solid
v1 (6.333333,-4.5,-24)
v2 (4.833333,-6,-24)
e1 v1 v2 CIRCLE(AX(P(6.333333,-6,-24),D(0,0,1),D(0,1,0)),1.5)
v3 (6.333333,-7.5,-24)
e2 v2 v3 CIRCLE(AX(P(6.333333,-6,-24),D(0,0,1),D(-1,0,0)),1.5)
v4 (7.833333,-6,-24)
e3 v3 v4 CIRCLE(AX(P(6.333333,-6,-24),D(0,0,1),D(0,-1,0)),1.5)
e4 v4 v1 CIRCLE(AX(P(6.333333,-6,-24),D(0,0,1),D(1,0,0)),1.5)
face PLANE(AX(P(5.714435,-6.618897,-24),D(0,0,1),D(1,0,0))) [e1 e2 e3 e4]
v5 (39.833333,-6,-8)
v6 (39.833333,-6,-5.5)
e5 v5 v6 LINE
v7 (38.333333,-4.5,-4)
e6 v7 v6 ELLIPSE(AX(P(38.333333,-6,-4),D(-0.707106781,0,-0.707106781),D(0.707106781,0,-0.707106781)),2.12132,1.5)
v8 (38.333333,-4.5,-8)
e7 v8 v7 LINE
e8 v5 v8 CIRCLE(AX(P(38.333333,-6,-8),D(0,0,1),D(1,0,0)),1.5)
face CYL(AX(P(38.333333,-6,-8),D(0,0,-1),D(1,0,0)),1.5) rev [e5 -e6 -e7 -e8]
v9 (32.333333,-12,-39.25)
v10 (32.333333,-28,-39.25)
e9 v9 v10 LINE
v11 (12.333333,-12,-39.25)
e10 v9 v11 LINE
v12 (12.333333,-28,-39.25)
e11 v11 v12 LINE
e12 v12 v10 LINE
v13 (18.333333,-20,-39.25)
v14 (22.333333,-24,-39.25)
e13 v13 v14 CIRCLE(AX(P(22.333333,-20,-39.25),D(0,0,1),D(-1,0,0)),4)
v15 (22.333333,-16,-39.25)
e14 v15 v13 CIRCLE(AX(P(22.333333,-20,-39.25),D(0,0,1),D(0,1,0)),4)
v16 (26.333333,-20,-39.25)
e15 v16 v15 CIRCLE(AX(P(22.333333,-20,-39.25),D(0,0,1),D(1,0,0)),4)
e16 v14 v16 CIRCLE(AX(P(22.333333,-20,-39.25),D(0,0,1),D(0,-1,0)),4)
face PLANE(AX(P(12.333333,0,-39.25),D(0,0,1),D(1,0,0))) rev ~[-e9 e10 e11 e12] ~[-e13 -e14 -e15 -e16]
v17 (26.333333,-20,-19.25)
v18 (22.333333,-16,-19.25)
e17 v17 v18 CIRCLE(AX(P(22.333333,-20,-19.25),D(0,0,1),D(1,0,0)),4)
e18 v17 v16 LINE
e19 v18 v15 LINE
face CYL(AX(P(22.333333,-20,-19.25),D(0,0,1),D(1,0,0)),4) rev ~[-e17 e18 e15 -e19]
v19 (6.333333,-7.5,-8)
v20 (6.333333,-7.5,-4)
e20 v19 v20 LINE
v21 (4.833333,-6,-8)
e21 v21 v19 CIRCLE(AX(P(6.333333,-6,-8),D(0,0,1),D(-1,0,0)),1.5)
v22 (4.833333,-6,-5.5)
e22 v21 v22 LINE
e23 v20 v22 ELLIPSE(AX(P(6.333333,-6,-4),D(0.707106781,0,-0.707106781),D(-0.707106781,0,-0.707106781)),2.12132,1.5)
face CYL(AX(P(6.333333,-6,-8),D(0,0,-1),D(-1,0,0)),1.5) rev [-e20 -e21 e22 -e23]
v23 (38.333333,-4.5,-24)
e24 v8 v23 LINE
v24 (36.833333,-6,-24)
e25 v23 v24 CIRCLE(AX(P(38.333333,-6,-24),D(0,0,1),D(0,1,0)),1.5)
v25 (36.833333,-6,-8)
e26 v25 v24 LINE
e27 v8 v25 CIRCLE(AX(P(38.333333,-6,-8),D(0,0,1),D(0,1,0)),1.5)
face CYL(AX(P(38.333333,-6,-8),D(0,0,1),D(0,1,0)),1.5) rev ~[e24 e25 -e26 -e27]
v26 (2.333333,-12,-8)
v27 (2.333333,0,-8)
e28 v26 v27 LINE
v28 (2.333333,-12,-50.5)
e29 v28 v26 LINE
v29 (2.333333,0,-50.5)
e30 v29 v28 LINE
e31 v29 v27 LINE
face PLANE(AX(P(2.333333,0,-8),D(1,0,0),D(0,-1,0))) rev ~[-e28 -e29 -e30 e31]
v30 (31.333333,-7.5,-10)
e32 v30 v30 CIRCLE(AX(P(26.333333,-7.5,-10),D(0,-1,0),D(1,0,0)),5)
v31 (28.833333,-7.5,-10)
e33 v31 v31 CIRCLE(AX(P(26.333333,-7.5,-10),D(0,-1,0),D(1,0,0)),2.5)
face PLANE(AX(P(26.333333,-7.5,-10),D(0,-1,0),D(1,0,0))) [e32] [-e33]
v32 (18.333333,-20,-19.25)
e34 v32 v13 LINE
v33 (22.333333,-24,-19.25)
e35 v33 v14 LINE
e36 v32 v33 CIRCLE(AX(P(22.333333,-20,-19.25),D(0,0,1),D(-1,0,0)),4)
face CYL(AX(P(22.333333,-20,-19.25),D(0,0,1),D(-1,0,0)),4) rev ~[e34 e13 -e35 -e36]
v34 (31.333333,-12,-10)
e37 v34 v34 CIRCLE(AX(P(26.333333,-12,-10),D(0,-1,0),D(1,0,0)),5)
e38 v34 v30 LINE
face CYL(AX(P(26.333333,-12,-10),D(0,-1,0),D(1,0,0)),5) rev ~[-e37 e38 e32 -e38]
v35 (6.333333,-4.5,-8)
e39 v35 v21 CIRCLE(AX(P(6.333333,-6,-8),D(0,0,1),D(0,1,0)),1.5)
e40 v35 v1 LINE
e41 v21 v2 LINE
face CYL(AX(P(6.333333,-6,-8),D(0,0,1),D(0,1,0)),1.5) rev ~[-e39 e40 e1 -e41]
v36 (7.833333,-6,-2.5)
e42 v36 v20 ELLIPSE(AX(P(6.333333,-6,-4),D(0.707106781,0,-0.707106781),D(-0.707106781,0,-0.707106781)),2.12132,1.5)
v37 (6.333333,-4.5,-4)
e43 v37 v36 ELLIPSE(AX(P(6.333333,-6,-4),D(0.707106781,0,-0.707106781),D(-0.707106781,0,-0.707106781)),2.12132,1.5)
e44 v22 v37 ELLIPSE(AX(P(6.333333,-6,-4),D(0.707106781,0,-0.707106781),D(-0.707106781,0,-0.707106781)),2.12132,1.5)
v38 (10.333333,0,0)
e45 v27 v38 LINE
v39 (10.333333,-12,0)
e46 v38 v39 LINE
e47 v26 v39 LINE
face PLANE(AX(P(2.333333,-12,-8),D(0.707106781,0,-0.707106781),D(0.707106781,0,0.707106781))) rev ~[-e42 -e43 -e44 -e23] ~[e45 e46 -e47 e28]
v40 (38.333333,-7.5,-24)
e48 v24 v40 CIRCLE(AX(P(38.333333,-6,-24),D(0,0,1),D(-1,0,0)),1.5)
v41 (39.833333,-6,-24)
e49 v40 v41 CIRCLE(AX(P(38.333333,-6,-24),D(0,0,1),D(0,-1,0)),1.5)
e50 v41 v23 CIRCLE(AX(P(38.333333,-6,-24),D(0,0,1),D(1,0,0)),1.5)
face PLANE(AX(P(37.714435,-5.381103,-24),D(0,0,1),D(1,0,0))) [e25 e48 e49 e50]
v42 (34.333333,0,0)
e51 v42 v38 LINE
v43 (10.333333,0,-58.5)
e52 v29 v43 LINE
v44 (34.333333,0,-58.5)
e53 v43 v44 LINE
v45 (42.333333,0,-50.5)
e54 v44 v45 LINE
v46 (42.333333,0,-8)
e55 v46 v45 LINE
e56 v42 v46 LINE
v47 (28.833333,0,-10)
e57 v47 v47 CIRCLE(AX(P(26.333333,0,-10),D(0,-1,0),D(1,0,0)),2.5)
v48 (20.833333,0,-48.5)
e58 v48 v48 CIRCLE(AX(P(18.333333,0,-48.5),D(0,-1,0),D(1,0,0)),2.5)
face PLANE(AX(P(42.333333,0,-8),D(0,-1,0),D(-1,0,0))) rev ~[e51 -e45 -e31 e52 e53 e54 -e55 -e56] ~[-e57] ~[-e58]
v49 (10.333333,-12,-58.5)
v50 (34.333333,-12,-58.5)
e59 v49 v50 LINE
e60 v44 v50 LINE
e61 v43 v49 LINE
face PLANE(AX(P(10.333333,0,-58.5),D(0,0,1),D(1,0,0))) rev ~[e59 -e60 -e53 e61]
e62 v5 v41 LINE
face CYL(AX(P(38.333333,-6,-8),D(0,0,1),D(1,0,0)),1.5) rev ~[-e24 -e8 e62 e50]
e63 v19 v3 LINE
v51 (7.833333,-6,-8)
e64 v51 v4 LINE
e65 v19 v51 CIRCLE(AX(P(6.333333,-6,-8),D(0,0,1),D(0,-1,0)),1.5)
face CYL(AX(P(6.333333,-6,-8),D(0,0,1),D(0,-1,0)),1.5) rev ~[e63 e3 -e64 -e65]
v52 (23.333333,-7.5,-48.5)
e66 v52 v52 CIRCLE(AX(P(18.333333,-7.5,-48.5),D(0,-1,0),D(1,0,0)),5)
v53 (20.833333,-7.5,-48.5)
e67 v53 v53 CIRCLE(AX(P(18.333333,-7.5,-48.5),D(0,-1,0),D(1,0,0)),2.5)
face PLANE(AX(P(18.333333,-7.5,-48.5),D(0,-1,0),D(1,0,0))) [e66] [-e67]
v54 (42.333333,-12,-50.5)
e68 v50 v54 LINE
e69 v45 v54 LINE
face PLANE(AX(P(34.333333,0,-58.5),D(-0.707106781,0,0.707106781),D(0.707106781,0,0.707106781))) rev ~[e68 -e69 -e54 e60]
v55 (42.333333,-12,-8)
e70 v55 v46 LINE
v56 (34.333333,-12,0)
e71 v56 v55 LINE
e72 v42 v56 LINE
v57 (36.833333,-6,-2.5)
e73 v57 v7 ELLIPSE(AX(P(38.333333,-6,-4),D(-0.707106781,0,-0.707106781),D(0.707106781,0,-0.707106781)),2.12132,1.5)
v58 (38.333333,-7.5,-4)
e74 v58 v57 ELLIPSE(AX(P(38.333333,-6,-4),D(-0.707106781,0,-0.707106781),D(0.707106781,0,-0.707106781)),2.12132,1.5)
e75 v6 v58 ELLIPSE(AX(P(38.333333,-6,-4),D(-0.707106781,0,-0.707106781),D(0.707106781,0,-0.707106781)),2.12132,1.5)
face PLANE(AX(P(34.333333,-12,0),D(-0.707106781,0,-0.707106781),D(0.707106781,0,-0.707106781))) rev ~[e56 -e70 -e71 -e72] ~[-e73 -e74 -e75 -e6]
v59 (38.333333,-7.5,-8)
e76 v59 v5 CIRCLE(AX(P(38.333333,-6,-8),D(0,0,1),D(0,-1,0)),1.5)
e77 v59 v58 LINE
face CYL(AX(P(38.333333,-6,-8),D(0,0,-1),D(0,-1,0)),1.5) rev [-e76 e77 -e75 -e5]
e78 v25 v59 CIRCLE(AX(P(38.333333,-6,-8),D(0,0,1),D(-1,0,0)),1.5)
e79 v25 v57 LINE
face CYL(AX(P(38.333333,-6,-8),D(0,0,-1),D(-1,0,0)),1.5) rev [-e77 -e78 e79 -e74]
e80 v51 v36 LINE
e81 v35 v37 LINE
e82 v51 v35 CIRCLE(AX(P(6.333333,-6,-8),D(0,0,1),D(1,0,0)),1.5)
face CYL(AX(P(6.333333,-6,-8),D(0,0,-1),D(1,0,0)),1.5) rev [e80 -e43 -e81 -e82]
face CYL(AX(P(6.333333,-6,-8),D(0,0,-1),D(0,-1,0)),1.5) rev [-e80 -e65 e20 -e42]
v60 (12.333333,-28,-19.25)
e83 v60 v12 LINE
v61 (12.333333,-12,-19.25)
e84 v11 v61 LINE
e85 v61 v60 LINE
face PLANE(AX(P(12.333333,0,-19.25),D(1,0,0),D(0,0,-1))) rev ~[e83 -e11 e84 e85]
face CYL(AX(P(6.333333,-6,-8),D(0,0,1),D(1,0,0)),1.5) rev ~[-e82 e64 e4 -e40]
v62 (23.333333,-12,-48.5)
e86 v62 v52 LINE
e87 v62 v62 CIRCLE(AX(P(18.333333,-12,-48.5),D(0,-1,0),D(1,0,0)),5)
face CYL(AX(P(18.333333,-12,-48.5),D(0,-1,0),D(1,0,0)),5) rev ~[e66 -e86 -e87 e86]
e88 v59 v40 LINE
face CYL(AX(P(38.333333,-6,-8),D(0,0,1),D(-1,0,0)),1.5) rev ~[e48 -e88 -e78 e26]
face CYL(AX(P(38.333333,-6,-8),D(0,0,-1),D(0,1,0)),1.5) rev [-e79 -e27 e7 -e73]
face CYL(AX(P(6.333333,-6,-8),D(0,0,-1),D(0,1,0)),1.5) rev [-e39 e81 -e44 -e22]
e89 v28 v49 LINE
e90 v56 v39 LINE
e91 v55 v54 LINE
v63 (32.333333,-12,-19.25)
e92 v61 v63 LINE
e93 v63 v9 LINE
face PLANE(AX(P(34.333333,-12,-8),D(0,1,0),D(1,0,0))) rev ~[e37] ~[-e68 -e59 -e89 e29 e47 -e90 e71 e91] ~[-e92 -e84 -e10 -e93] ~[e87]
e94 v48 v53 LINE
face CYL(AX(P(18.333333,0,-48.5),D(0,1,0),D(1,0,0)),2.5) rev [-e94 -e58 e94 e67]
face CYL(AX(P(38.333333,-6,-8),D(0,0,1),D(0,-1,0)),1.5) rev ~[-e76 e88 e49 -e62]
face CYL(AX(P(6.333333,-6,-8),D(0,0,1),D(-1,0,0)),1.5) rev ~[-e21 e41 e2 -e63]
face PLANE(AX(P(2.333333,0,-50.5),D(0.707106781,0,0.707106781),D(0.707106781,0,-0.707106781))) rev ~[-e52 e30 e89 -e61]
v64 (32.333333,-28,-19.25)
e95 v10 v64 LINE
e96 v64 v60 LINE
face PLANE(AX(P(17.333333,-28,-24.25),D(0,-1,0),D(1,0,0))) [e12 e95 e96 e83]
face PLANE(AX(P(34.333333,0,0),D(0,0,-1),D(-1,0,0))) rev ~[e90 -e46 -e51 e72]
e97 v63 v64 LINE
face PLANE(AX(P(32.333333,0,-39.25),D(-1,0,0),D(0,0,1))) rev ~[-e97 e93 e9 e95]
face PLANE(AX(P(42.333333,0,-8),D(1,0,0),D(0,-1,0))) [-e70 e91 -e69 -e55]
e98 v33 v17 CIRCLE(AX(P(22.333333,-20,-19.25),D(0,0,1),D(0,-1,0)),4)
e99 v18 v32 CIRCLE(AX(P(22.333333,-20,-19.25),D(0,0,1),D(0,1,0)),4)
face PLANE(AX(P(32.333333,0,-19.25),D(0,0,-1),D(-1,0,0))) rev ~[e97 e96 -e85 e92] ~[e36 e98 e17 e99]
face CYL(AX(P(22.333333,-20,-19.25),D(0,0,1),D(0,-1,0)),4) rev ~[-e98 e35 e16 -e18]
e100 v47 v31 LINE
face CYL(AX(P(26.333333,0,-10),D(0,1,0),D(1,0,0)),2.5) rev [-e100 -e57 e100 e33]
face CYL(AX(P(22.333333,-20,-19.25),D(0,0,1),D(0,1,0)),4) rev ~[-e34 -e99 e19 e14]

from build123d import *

# Parameters (mm, degrees)
F0_R      = 2.5
F1_DEPTH  = 12
F0_W      = 10
F0_H      = 10
F2_DEPTH  = 28
F4_DEPTH  = 25
F6_DEPTH  = 16
F8_DEPTH  = 25
F10_DEPTH = 16
F11_DEPTH = 25
F13_DEPTH = 25
F14_DEPTH = 25
F16_DEPTH = 25
F18_DEPTH = 25
F19_R     = 5
F19_R_2   = 2.5
F20_DEPTH = 4.5
F21_DEPTH = 4.5


with BuildPart() as f1:
    # F0 (on Front) → F1 (new body)
    with BuildSketch(Plane.XZ):
        Polygon((22.3333325194, 0), (10.3333325194, 0), (2.3333325194, -8), (2.3333325194, -29.25), (12.3333325194, -29.25), (12.3333325194, -19.25), (22.3333325194, -19.25), align=None)
        Polygon((34.3333325194, 0), (22.3333325194, 0), (22.3333325194, -19.25), (32.3333325194, -19.25), (32.3333325194, -29.25), (42.3333325194, -29.25), (42.3333325194, -8), align=None)
        with Locations((26.3333325194, -10)):
            Circle(F0_R, mode=Mode.SUBTRACT)
        Polygon((12.3333325194, -29.25), (2.3333325194, -29.25), (2.3333325194, -50.5), (10.3333325194, -58.5), (22.3333325194, -58.5), (22.3333325194, -39.25), (12.3333325194, -39.25), align=None)
        with Locations((18.3333325194, -48.5)):
            Circle(F0_R, mode=Mode.SUBTRACT)
        Polygon((32.3333325194, -39.25), (22.3333325194, -39.25), (22.3333325194, -58.5), (34.3333325194, -58.5), (42.3333325194, -50.5), (42.3333325194, -29.25), (32.3333325194, -29.25), align=None)
    extrude(amount=F1_DEPTH)

    # F0 (on Front) → F2 (join)
    with BuildSketch(Plane.XZ):
        with Locations((17.3333325194, -24.25)):
            Rectangle(F0_W, F0_H)
        with Locations((27.3333325194, -24.25)):
            Rectangle(F0_W, F0_H)
        with Locations((27.3333325194, -34.25)):
            Rectangle(F0_W, F0_H)
        with Locations((17.3333325194, -34.25)):
            Rectangle(F0_W, F0_H)
    extrude(amount=F2_DEPTH)

    # F3 (on face) → F4 (cut)
    with BuildSketch(Plane(origin=(0, 0, 0), x_dir=(-1, 0, 0), z_dir=(0, 1, 0))):
        Polygon((-34.3333325194, 0), (-42.3333325194, -8), (-34.3333325194, -8), align=None)
    extrude(amount=-F4_DEPTH, mode=Mode.SUBTRACT)

    # F5 (on face) → F6 (cut)
    with BuildSketch(Plane.XY.offset(-8)):
        with BuildLine():
            Line((36.8333325194, -6), (38.3333325194, -6))
            Line((38.3333325194, -6), (38.3333325194, -4.5))
            ThreePointArc((38.3333325194, -4.5), (37.2726723477, -4.9393398282), (36.8333325194, -6))
        make_face()
        with BuildLine():
            Line((38.3333325194, -7.5), (38.3333325194, -6))
            Line((38.3333325194, -6), (36.8333325194, -6))
            ThreePointArc((36.8333325194, -6), (37.2726723477, -7.0606601718), (38.3333325194, -7.5))
        make_face()
        with BuildLine():
            ThreePointArc((38.3333325194, -7.5), (39.3939926912, -7.0606601718), (39.8333325194, -6))
            Line((39.8333325194, -6), (38.3333325194, -6))
            Line((38.3333325194, -6), (38.3333325194, -7.5))
        make_face()
        with BuildLine():
            Line((38.3333325194, -6), (39.8333325194, -6))
            ThreePointArc((39.8333325194, -6), (39.3939926912, -4.9393398282), (38.3333325194, -4.5))
            Line((38.3333325194, -4.5), (38.3333325194, -6))
        make_face()
    extrude(amount=-F6_DEPTH, mode=Mode.SUBTRACT)

    # F7 (on face) → F8 (cut)
    with BuildSketch(Plane(origin=(0, 0, 0), x_dir=(-1, 0, 0), z_dir=(0, 1, 0))):
        Polygon((-10.3333325194, -8), (-6.3333325194, -8), (-6.3333325194, -4), (-10.3333325194, 0), align=None)
        Polygon((-6.3333325194, -4), (-6.3333325194, -8), (-2.3333325194, -8), align=None)
    extrude(amount=-F8_DEPTH, mode=Mode.SUBTRACT)

    # F9 (on face) → F10 (cut)
    with BuildSketch(Plane.XY.offset(-8)):
        with BuildLine():
            Line((6.3333325194, -7.5), (6.3333325194, -6))
            Line((6.3333325194, -6), (4.8333325194, -6))
            ThreePointArc((4.8333325194, -6), (5.2726723477, -7.0606601718), (6.3333325194, -7.5))
        make_face()
        with BuildLine():
            Line((4.8333325194, -6), (6.3333325194, -6))
            Line((6.3333325194, -6), (6.3333325194, -4.5))
            ThreePointArc((6.3333325194, -4.5), (5.2726723477, -4.9393398282), (4.8333325194, -6))
        make_face()
        with BuildLine():
            Line((6.3333325194, -6), (7.8333325194, -6))
            ThreePointArc((7.8333325194, -6), (7.3939926912, -4.9393398282), (6.3333325194, -4.5))
            Line((6.3333325194, -4.5), (6.3333325194, -6))
        make_face()
        with BuildLine():
            ThreePointArc((6.3333325194, -7.5), (7.3939926912, -7.0606601718), (7.8333325194, -6))
            Line((7.8333325194, -6), (6.3333325194, -6))
            Line((6.3333325194, -6), (6.3333325194, -7.5))
        make_face()
    extrude(amount=-F10_DEPTH, mode=Mode.SUBTRACT)

    # F11 (add): a face of the model
    f11_faces = [f1.faces().sort_by_distance(p)[0] for p in [
        (6.3333325194, -0.144222051, -8),
    ]]
    extrude(f11_faces, amount=F11_DEPTH)

    # F12 (on face) → F13 (cut)
    with BuildSketch(Plane.XZ.offset(12)):
        Polygon((2.3333325194, -8), (10.3333325194, 0), (10.3333325194, 17), (2.3333325194, 17), align=None)
    extrude(amount=-F13_DEPTH, mode=Mode.SUBTRACT)

    # F14 (add): a face of the model
    f14_faces = [f1.faces().sort_by_distance(p)[0] for p in [
        (38.3333325194, -0.144222051, -8),
    ]]
    extrude(f14_faces, amount=F14_DEPTH)

    # F15 (on face) → F16 (cut)
    with BuildSketch(Plane.XZ.offset(12)):
        Polygon((34.3333325194, 17), (34.3333325194, 0), (42.3333325194, -8), (42.3333325194, 17), align=None)
    extrude(amount=-F16_DEPTH, mode=Mode.SUBTRACT)

    # F17 (on face) → F18 (cut)
    with BuildSketch(Plane.XY.offset(-19.25)):
        with BuildLine():
            Line((22.3333325194, -24), (22.3333325194, -20))
            Line((22.3333325194, -20), (18.3333325194, -20))
            ThreePointArc((18.3333325194, -20), (19.5049053947, -22.8284271247), (22.3333325194, -24))
        make_face()
        with BuildLine():
            Line((18.3333325194, -20), (22.3333325194, -20))
            Line((22.3333325194, -20), (22.3333325194, -16))
            ThreePointArc((22.3333325194, -16), (19.5049053947, -17.1715728753), (18.3333325194, -20))
        make_face()
        with BuildLine():
            Line((22.3333325194, -20), (26.3333325194, -20))
            ThreePointArc((26.3333325194, -20), (25.1617596442, -17.1715728753), (22.3333325194, -16))
            Line((22.3333325194, -16), (22.3333325194, -20))
        make_face()
        with BuildLine():
            ThreePointArc((22.3333325194, -24), (25.1617596442, -22.8284271247), (26.3333325194, -20))
            Line((26.3333325194, -20), (22.3333325194, -20))
            Line((22.3333325194, -20), (22.3333325194, -24))
        make_face()
    extrude(amount=-F18_DEPTH, mode=Mode.SUBTRACT)

    # F19 (on face) → F20 (cut)
    with BuildSketch(Plane.XZ.offset(12)):
        with Locations((26.3333325194, -10)):
            Circle(F19_R)
        with Locations((26.3333325194, -10)):
            Circle(F19_R_2, mode=Mode.SUBTRACT)
    extrude(amount=-F20_DEPTH, mode=Mode.SUBTRACT)

    # F19 (on face) → F21 (cut)
    with BuildSketch(Plane.XZ.offset(12)):
        with Locations((18.3333325194, -48.5)):
            Circle(F19_R)
        with Locations((18.3333325194, -48.5)):
            Circle(F19_R_2, mode=Mode.SUBTRACT)
    extrude(amount=-F21_DEPTH, mode=Mode.SUBTRACT)


solid = f1.part
